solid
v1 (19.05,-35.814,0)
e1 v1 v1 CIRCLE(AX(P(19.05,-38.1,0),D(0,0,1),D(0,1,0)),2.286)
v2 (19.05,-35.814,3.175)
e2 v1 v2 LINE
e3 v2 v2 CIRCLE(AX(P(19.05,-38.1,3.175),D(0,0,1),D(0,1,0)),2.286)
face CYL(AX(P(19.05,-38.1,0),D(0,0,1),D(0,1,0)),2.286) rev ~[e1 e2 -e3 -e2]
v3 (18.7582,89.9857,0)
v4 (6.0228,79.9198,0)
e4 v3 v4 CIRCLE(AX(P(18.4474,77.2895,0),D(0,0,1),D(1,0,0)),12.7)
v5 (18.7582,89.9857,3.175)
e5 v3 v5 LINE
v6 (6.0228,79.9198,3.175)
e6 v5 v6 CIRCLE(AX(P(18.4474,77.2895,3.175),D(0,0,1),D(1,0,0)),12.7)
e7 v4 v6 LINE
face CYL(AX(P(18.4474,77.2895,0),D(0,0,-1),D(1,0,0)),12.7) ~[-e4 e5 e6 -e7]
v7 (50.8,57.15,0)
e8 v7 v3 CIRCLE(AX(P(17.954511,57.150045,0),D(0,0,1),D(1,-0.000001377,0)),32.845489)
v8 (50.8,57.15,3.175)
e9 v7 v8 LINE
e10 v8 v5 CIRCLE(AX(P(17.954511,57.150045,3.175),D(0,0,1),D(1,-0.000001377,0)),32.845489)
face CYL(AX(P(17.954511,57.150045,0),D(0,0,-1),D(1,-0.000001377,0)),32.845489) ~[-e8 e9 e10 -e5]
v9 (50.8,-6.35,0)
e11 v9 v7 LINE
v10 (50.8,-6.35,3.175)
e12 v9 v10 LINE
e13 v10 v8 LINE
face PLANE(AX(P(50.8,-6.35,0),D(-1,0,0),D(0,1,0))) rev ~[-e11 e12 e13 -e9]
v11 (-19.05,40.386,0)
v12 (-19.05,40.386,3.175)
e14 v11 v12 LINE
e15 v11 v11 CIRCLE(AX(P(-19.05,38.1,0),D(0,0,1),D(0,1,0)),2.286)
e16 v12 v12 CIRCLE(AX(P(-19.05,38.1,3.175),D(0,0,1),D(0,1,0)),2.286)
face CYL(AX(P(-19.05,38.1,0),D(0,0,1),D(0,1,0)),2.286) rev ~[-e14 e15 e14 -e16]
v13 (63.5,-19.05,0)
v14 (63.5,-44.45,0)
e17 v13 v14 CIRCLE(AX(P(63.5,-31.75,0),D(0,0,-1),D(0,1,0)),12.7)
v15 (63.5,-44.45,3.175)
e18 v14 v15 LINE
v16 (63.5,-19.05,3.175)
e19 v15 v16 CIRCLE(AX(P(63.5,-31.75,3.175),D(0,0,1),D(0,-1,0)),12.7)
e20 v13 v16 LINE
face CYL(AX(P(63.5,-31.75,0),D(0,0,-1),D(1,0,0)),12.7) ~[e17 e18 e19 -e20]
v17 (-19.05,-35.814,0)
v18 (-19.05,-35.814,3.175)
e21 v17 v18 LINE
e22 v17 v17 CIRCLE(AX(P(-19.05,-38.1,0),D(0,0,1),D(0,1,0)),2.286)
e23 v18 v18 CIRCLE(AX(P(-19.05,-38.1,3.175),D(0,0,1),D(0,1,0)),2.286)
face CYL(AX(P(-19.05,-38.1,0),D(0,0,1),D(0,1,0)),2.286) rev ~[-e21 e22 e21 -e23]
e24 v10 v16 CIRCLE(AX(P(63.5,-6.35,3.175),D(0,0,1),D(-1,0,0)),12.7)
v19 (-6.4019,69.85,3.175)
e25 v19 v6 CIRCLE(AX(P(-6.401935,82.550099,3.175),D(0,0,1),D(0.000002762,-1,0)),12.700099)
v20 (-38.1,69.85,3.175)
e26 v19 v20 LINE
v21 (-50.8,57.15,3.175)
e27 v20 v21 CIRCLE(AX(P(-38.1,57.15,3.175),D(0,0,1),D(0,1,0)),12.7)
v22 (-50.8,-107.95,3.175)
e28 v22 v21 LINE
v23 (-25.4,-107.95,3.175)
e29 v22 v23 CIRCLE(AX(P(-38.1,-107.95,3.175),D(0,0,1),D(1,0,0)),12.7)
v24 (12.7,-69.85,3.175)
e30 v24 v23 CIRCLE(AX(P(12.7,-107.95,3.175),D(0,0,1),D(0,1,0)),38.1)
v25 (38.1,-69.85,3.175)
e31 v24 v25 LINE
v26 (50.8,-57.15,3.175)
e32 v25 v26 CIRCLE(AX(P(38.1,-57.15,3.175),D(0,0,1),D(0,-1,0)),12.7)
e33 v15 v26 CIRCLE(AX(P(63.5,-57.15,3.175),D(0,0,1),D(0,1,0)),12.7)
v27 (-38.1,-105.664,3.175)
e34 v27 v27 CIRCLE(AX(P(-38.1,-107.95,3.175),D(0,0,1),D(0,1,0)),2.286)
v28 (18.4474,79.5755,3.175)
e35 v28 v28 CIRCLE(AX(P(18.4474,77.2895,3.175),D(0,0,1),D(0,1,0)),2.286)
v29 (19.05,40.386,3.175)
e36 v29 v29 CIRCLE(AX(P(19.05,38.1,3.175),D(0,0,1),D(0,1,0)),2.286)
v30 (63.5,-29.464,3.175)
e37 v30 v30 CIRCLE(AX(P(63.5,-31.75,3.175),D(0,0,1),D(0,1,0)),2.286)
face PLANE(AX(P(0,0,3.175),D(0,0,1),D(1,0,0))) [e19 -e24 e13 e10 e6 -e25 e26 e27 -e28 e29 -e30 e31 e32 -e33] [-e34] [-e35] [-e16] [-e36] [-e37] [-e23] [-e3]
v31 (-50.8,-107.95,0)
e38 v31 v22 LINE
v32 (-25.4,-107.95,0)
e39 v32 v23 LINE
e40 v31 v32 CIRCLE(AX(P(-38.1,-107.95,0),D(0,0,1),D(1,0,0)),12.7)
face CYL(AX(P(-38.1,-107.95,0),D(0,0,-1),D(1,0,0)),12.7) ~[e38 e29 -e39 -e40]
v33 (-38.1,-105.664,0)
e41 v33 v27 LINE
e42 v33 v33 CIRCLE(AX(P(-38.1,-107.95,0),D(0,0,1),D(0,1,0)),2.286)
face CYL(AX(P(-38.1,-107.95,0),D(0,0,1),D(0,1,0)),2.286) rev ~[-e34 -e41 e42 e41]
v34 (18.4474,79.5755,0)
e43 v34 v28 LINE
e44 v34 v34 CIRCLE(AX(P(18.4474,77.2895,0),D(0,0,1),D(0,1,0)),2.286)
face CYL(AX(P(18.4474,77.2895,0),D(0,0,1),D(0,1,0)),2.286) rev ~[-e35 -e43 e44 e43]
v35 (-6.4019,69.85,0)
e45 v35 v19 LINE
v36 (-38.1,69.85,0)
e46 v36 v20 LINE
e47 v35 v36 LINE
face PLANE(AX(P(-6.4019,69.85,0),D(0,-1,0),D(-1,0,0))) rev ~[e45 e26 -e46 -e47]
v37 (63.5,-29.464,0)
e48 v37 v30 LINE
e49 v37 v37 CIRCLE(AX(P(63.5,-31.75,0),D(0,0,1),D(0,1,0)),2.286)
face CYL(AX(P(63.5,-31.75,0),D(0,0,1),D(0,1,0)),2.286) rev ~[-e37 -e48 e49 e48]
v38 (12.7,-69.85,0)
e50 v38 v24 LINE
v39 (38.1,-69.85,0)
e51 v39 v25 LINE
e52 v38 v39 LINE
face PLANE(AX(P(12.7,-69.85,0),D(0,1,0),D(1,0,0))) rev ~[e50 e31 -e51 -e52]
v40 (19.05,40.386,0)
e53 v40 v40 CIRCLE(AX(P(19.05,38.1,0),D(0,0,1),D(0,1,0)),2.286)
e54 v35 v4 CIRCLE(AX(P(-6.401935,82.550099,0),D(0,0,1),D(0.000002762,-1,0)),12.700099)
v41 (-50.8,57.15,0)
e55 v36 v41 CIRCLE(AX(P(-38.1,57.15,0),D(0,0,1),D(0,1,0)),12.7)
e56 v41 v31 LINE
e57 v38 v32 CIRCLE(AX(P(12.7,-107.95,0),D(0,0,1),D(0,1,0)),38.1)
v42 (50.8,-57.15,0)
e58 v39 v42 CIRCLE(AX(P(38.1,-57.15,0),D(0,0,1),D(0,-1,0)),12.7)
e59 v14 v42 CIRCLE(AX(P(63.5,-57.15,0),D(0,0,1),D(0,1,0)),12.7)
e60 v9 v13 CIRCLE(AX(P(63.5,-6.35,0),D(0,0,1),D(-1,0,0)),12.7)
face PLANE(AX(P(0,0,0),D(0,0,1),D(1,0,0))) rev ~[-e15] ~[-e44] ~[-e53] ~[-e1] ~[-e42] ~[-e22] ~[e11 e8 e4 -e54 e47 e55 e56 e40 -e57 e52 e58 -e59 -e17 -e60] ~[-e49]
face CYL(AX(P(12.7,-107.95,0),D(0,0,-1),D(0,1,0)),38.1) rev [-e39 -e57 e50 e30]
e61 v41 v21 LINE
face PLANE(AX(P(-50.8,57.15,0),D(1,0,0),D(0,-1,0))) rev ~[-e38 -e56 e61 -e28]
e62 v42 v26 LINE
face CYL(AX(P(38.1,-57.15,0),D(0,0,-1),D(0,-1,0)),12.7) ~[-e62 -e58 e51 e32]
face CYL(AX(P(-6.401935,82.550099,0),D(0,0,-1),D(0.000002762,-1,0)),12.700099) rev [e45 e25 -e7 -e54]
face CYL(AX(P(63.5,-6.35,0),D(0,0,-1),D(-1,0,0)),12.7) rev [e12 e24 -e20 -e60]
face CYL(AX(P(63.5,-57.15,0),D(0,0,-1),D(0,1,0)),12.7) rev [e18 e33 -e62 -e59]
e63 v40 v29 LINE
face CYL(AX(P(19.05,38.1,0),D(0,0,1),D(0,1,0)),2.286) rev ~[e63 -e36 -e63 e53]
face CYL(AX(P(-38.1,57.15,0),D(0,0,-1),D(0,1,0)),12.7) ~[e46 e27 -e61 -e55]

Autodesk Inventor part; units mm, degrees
ref_plane "YZ Plane" through (0, 0, 0) normal (1, 0, 0) x (0, 1, 0)
ref_plane "XZ Plane" through (0, 0, 0) normal (0, 1, 0) x (-1, 0, 0)
ref_plane "XY Plane" through (0, 0, 0) normal (0, 0, 1) x (1, 0, 0)
sketch "Sketch1" plane through (0, 0, 0) normal (0, 0, 1) x (1, 0, 0)
  line L0 (19.05, 38.1) -> (-19.05, 38.1) construction
  line L1 (-19.05, 38.1) -> (-19.05, -38.1) construction
  line L2 (-19.05, -38.1) -> (19.05, -38.1) construction
  line L3 (19.05, -38.1) -> (19.05, 38.1) construction
  line L4 (19.05, 38.1) -> (-19.05, -38.1) construction
  line L5 (-19.05, 38.1) -> (19.05, -38.1) construction
  line L6 (-50.8, -69.85) -> (38.1, -69.85)
  line L7 (50.8, -57.15) -> (50.8, 57.15)
  line L8 (38.1, 69.85) -> (-38.1, 69.85)
  line L9 (-50.8, 57.15) -> (-50.8, -69.85)
  line L10 (-50.8, -69.85) -> (50.8, 69.85) construction
  line L11 (50.8, -69.85) -> (-50.8, 69.85) construction
  circle A0 centre (18.4474, 77.2895) radius 12.7
  circle A1 centre (63.5, -31.75) radius 12.7
  circle A2 centre (-38.1, -107.95) radius 12.7
  arc A3 (-6.4019, 69.85) -> (6.0228, 79.9198) centre (-6.4019, 82.55) ccw
  arc A4 (50.8, -6.35) -> (63.5, -19.05) centre (63.5, -6.35) ccw
  arc A5 (63.5, -44.45) -> (50.8, -57.15) centre (63.5, -57.15) ccw
  arc A6 (12.7, -69.85) -> (-25.4, -107.95) centre (12.7, -107.95) ccw
  line L12 (-50.8, -107.95) -> (-50.8, -69.85)
  arc A7 (38.1, -69.85) -> (50.8, -57.15) centre (38.1, -57.15) ccw
  arc A8 (50.8, 57.15) -> (38.1, 69.85) centre (38.1, 57.15) ccw
  arc A9 (-38.1, 69.85) -> (-50.8, 57.15) centre (-38.1, 57.15) ccw
  arc A10 (19.9641, 75.8806) -> (17.0385, 78.8062) centre (18.4474, 77.2895) ccw
  arc A11 (50.8, 57.15) -> (18.7582, 89.9857) centre (17.9544, 57.15) ccw
  point P0 (0, 0)
  point P1 (-38.1, -69.85)
  point P2 (-50.8, -78.4346)
  point P3 (50.8, -31.75)
  point P4 (8.1546, 69.85)
  point P5 (28.7403, 69.85)
  dimension "d0" = 38.1
  dimension "d1" = 76.2
  dimension "d2" = 31.75
  dimension "d3" = 31.75
  dimension "d13" = 25.4
  dimension "d20" = 12.7
  dimension "d21" = 76.2
  dimension "d22" = 38.1
  dimension "d23" = 32.8456
extrude "Extrusion1" add sketch "Sketch1" along normal blind 3.175
hole "Hole1" at (-19.05, 38.1, 0) at (19.05, 38.1, 0) at (19.05, -38.1, 0) at (-19.05, -38.1, 0) at (-38.1, -107.95, 0) at (63.5, -31.75, 0) at (18.4474, 77.2895, 0) direction (0, 0, 1) diameter 4.572 end through all
properties part number "Brain Mount"
